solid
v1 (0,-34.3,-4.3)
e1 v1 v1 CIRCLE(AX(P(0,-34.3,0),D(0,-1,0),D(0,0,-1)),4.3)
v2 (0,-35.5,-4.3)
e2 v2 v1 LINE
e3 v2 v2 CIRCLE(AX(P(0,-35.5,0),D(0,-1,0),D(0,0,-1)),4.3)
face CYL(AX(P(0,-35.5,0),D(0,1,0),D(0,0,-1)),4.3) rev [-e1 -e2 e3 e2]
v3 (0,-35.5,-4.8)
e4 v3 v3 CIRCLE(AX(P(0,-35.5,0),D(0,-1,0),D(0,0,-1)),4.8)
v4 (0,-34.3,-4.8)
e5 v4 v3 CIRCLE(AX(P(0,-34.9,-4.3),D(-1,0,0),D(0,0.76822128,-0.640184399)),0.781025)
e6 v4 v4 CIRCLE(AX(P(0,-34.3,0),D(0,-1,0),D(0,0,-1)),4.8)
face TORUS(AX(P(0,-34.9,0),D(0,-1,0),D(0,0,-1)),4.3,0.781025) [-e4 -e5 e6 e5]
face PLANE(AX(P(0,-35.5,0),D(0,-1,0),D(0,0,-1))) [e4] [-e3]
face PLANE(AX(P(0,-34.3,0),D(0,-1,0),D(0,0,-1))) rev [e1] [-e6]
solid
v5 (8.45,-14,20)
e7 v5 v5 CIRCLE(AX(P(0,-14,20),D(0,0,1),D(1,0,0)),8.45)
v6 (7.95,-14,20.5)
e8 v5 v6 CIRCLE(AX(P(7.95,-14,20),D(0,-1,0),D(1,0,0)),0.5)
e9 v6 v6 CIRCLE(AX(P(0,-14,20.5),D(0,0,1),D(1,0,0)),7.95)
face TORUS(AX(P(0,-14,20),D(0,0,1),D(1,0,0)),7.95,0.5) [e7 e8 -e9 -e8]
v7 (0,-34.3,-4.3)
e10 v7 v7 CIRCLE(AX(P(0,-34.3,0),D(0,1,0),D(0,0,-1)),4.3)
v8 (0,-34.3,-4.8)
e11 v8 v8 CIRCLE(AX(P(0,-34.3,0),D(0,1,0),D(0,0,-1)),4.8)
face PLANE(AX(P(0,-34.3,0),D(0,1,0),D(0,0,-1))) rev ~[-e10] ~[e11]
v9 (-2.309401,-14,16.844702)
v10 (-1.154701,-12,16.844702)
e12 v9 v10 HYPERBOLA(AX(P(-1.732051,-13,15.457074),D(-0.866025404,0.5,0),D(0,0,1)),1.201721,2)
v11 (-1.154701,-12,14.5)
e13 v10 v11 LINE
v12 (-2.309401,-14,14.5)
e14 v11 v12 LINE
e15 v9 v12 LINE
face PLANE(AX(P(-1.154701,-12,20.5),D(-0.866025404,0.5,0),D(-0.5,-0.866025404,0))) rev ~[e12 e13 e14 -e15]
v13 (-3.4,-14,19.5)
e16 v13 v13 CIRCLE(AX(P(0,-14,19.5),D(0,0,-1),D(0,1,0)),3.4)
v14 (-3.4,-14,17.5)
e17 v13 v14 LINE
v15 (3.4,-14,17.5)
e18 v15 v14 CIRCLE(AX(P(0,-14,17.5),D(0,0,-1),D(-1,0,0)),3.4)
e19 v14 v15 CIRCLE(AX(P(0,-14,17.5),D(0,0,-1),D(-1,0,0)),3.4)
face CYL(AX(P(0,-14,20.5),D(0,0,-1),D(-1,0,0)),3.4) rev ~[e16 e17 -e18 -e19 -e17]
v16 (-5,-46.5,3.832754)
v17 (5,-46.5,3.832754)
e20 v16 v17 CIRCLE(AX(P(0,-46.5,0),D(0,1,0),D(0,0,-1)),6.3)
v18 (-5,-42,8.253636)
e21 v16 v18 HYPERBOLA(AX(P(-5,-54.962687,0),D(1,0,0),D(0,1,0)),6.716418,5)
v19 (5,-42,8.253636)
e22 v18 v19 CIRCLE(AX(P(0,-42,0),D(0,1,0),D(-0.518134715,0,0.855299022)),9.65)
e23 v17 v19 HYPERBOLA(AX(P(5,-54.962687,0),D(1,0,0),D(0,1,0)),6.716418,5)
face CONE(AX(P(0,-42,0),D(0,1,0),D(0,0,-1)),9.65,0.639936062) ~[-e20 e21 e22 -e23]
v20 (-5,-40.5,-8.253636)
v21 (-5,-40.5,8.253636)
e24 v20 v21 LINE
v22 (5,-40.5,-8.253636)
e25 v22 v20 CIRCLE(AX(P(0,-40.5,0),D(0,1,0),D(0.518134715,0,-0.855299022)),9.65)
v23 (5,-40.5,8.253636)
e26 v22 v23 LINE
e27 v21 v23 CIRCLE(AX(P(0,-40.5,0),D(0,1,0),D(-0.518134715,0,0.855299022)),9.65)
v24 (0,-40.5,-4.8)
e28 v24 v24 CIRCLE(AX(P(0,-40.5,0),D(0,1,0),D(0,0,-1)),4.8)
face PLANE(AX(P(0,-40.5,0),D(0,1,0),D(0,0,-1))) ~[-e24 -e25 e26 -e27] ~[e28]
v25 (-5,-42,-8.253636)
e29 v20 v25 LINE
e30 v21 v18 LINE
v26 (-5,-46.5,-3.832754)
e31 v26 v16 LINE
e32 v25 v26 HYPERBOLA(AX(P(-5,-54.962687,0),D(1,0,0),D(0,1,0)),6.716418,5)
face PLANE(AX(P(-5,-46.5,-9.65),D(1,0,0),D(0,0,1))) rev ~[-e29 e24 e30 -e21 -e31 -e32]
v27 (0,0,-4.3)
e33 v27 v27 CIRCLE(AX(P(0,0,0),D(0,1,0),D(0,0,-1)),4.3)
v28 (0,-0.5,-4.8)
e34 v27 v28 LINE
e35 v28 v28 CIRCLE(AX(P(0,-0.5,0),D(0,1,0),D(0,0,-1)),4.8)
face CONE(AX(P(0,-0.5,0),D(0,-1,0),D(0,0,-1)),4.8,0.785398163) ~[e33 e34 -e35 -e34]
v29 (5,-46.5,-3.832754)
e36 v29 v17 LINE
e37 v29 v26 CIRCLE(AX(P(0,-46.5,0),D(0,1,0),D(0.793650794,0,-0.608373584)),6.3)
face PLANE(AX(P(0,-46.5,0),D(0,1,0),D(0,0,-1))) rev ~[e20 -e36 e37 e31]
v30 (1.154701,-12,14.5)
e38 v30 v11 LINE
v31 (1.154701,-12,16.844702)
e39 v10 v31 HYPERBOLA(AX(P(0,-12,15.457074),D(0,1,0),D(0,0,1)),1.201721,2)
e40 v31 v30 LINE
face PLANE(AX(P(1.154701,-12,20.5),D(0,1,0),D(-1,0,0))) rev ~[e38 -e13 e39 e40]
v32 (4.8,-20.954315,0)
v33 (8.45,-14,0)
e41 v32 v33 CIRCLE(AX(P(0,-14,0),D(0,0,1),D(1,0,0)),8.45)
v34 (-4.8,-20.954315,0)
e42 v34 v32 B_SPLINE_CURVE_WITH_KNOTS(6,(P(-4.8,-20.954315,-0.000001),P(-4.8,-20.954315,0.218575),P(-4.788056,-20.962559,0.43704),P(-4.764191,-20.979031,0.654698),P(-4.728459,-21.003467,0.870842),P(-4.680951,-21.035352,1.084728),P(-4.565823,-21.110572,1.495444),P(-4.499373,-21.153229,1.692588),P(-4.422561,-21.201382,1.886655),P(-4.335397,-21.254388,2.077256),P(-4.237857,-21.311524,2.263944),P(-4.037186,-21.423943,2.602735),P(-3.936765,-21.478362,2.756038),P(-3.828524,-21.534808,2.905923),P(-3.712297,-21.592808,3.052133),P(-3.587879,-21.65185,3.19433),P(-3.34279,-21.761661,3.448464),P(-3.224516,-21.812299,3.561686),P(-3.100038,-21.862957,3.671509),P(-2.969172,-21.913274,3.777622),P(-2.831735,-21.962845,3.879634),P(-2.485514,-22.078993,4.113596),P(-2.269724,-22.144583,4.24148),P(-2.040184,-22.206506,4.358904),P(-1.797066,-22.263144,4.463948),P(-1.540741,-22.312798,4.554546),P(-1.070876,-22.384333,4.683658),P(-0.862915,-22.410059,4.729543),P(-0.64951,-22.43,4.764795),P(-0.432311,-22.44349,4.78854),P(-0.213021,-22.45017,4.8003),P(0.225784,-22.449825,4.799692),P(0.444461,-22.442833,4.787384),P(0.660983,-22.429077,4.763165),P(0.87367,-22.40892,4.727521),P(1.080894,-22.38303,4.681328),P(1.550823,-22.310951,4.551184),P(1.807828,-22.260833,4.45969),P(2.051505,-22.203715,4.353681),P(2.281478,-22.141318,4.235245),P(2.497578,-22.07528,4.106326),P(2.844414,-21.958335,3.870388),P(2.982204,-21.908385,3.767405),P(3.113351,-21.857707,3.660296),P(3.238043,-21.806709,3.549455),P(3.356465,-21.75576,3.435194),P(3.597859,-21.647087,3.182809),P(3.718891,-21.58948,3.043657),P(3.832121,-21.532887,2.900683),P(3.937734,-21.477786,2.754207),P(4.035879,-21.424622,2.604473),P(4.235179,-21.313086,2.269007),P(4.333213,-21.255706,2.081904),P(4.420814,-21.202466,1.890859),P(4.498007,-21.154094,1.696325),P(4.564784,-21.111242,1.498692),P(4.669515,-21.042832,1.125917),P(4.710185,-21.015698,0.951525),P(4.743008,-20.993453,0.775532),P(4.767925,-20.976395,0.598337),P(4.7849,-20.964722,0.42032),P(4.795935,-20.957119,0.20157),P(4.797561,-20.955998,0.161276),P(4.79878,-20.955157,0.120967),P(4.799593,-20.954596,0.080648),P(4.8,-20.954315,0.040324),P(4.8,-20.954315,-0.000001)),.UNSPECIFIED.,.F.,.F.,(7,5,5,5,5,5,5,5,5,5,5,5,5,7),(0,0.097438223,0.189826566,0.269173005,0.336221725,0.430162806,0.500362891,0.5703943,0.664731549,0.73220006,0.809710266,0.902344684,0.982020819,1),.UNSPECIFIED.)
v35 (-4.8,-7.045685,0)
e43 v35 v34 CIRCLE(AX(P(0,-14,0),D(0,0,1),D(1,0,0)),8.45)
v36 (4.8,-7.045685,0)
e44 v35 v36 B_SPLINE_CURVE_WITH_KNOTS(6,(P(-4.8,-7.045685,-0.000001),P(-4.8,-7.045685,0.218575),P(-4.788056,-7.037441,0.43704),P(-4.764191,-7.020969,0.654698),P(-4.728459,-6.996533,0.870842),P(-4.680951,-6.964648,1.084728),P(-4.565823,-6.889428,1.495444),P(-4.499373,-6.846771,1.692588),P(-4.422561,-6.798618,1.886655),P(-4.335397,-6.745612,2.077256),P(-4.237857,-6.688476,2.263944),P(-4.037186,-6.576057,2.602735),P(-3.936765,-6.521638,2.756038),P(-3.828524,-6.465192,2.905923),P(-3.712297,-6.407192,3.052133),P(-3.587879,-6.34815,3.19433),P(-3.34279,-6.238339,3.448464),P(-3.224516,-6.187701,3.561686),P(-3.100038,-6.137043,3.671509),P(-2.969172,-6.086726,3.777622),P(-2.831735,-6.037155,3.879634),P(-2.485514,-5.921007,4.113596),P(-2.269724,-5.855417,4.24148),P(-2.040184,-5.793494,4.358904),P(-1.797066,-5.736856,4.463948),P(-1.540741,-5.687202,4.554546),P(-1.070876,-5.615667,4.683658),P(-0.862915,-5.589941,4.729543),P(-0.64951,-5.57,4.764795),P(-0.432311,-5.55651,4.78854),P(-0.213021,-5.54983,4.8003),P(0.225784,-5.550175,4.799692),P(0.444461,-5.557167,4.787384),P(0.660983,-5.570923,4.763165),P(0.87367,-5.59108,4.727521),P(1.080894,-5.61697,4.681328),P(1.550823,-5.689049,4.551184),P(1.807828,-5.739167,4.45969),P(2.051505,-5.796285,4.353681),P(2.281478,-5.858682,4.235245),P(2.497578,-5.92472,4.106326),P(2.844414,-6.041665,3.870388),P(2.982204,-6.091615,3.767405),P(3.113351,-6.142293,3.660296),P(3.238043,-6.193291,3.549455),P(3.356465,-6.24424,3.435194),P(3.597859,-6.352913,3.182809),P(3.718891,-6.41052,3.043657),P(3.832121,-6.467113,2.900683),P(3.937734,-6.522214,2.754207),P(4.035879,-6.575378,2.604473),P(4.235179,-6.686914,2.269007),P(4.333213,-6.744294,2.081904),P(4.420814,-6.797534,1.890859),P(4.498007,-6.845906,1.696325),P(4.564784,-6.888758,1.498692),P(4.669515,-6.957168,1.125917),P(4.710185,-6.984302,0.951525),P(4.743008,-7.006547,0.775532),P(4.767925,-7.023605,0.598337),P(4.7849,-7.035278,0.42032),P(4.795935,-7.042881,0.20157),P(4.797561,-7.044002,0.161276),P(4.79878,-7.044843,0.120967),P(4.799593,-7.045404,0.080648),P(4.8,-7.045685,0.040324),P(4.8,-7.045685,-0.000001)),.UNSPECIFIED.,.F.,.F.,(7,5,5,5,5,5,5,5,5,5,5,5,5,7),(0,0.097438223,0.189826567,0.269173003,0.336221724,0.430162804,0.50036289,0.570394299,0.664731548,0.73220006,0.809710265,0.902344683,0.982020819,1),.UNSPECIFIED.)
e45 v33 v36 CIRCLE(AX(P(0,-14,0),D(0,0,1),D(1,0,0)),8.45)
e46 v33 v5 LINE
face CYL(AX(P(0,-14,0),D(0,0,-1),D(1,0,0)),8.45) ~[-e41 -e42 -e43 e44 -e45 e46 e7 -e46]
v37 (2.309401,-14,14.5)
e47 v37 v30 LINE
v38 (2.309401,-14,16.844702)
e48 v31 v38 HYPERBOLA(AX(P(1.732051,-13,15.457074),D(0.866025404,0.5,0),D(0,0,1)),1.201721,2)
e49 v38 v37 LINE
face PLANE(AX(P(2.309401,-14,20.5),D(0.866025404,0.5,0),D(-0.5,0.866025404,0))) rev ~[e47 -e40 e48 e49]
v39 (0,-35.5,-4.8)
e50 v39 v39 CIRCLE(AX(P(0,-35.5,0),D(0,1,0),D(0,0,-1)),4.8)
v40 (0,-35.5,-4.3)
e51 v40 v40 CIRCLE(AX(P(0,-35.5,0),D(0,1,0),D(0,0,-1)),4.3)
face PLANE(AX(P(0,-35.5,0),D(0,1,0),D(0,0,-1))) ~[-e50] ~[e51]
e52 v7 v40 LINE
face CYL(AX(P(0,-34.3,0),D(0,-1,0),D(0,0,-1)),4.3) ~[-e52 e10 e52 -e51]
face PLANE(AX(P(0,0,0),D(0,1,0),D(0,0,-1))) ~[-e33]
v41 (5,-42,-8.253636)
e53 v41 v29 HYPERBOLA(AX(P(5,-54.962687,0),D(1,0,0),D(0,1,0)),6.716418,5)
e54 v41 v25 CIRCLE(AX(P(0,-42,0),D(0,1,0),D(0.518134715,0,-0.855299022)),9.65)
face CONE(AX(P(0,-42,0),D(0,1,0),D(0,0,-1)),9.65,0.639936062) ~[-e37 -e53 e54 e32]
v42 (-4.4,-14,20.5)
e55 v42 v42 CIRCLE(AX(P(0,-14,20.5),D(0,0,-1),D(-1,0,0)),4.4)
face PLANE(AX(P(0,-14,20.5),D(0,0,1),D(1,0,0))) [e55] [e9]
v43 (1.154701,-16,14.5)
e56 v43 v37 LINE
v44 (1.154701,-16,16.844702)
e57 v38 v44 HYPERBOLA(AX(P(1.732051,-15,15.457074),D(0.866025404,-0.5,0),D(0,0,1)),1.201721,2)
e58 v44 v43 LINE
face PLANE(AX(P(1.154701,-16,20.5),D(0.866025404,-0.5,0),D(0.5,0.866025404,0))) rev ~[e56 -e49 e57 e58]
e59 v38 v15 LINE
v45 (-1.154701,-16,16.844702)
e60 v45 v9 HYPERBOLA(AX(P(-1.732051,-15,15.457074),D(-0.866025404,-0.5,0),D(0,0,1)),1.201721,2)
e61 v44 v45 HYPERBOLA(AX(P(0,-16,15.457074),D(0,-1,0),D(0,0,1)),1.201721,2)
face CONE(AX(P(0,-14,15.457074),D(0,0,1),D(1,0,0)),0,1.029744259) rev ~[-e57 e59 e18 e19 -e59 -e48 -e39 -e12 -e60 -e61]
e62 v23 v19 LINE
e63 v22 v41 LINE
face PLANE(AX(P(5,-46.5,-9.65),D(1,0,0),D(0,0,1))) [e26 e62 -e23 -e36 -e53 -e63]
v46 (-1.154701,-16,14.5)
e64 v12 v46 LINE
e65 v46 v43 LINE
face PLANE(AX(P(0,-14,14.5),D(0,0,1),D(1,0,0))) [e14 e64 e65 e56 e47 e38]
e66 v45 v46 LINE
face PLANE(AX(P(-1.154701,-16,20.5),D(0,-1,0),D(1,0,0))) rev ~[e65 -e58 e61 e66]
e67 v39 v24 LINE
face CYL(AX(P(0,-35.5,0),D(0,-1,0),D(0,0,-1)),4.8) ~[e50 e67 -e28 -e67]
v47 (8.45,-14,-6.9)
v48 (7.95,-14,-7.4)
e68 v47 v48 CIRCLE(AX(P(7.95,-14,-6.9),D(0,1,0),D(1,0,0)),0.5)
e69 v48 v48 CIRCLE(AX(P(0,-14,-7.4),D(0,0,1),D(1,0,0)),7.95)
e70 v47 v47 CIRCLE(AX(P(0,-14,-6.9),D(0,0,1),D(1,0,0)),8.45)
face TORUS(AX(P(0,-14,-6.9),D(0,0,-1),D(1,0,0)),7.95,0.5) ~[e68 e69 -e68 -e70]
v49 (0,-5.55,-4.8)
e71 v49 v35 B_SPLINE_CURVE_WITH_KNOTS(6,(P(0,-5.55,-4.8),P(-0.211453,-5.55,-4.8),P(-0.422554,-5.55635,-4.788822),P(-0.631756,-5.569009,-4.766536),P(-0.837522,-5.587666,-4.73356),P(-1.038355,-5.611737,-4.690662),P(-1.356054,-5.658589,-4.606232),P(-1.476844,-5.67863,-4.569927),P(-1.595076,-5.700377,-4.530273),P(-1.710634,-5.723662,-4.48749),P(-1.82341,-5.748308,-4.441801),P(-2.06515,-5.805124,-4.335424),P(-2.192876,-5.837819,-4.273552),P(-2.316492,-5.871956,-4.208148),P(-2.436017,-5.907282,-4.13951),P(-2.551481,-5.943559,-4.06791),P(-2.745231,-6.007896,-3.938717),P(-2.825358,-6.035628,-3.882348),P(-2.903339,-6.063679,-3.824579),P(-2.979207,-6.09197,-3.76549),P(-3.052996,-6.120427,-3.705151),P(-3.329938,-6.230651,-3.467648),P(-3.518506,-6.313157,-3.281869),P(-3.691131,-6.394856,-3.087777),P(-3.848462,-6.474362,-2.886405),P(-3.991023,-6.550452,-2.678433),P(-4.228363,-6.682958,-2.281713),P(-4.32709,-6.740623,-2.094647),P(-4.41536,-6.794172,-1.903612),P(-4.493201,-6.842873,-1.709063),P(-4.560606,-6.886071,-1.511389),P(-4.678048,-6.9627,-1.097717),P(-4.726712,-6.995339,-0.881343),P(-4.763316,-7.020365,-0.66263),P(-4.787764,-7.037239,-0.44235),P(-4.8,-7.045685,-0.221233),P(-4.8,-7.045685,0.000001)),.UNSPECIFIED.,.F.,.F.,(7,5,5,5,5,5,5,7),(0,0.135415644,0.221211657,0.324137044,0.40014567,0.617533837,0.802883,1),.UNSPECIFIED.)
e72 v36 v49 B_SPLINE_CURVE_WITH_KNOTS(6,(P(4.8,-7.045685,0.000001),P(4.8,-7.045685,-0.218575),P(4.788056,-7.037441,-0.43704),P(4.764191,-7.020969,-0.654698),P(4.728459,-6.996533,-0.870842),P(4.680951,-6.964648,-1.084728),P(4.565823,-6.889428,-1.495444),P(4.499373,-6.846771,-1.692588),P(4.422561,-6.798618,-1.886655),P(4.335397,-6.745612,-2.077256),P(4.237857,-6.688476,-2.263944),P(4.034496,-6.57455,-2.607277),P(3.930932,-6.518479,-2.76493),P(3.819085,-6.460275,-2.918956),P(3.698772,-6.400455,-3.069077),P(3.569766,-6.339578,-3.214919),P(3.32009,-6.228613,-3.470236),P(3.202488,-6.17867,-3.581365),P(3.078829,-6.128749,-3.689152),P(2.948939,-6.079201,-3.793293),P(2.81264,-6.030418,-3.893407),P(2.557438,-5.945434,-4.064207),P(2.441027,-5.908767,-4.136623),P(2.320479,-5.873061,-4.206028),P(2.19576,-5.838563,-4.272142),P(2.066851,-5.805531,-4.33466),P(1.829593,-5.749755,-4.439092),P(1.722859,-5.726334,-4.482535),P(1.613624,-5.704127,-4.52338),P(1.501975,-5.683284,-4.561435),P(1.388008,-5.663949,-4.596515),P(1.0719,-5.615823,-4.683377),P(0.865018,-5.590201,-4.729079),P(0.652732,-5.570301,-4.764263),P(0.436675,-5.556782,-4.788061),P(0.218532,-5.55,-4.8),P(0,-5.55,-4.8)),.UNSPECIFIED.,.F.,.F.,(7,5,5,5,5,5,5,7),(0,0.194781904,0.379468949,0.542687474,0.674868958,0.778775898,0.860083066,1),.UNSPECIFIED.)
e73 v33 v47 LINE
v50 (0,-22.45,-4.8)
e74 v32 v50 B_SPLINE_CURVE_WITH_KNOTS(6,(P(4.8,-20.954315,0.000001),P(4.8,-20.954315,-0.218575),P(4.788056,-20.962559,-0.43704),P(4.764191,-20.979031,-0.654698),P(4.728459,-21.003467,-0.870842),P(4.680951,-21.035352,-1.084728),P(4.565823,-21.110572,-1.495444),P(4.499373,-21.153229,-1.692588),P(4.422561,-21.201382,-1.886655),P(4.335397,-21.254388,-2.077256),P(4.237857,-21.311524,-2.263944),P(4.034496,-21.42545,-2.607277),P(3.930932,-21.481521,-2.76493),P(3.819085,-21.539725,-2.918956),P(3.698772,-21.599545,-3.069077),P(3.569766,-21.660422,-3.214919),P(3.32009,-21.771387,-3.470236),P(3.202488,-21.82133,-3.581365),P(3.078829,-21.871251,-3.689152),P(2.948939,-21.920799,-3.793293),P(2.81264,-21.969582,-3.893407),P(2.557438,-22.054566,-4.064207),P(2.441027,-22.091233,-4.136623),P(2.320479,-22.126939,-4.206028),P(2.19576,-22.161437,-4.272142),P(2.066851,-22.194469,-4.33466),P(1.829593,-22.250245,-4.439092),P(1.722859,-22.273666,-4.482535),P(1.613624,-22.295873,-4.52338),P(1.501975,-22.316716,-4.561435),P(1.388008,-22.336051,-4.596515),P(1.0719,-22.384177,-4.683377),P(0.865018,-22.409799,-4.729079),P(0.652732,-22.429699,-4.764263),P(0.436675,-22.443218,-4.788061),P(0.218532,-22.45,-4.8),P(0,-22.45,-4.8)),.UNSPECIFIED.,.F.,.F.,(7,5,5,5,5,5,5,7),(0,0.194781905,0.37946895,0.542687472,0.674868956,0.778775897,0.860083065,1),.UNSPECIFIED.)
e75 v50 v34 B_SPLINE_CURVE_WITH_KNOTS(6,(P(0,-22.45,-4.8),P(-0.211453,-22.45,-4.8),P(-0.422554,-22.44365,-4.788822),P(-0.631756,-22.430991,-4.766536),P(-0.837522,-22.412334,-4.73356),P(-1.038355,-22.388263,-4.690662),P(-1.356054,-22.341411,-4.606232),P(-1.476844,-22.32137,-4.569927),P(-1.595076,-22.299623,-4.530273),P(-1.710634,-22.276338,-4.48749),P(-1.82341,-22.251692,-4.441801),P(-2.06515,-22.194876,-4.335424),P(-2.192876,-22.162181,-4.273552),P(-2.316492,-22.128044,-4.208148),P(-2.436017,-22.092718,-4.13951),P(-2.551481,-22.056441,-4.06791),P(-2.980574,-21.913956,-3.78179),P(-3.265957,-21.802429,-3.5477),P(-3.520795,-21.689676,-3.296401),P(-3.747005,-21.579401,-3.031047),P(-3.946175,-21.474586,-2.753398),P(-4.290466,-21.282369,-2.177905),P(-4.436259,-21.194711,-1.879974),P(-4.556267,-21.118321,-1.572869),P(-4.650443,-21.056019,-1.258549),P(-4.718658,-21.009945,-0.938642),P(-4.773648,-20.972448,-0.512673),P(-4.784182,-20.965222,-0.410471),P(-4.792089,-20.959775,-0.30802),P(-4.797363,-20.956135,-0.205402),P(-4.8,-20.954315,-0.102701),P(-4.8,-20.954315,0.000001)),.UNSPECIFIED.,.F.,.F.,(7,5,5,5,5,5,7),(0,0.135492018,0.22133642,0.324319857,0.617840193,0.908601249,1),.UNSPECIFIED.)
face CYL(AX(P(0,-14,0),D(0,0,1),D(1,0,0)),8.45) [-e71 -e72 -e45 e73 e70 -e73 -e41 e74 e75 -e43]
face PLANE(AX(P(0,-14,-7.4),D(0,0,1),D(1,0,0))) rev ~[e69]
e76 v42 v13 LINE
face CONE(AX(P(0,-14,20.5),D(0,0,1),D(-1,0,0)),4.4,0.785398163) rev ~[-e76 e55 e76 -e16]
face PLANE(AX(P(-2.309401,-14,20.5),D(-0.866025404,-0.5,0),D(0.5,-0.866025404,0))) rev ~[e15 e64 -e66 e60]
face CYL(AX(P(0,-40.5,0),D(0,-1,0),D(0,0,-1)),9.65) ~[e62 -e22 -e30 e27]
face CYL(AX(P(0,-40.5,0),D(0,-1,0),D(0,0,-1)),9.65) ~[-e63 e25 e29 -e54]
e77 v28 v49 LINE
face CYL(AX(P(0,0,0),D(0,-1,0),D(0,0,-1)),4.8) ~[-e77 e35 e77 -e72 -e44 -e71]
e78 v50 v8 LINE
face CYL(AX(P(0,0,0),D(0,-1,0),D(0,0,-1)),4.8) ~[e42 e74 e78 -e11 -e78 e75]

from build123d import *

# Parameters (mm, degrees)
SKETCH_6_OUTSIDE_W          = 32.084
SKETCH_6_OUTSIDE_H          = 32.084
SKETCH_6_OUTSIDE_W_2        = 10
SKETCH_6_OUTSIDE_H_2        = 19.3
CUT_EXTRUDE_1_DEPTH         = 6
CHAMFER_1_SIZE              = 0.5
SKETCH_12_R                 = 8.45
EXTRUDE_2_DEPTH             = 20.5
EXTRUDE_2_DEPTH_BACK        = 7.4
HOLE_WIZARD_M81_D           = 6.8
HOLE_WIZARD_M81_DEPTH       = 3
HOLE_WIZARD_M81_CSINK_D     = 8.8
HOLE_WIZARD_M81_CSINK_ANGLE = 90
HOLE_WIZARD_M81_TIP         = 2.042926105
FILLET_1_R                  = 0.5
CUT_EXTRUDE_2_DEPTH         = 6


with BuildPart() as part:
    # Эскиз3 → Повернуть1 (revolve)
    with BuildSketch(Plane.XY, mode=Mode.PRIVATE) as revolve_1_sk:
        Polygon((0, 0), (-4.8, 0), (-4.8, -34.3), (-4.3, -34.3), (-4.3, -35.5), (-4.8, -35.5), (-4.8, -40.5), (-9.65, -40.5), (-9.65, -42), (-6.3, -46.5), (0, -46.5), align=None)
    revolve(revolve_1_sk.sketch.rotate(Axis((0, 0, 0), (0, 1, 0)), 270), axis=Axis((0, 0, 0), (0, 1, 0)))  # turned: the seam where the file's is

    # Эскиз6 outside → Вырез-Вытянуть1 (cut)
    with BuildSketch(Plane.XZ.offset(46.5)):
        Rectangle(SKETCH_6_OUTSIDE_W, SKETCH_6_OUTSIDE_H)
        Rectangle(SKETCH_6_OUTSIDE_W_2, SKETCH_6_OUTSIDE_H_2, mode=Mode.SUBTRACT)
    extrude(amount=-CUT_EXTRUDE_1_DEPTH, mode=Mode.SUBTRACT)

    # Фаска1
    chamfer_1_edges = [part.edges().sort_by_distance(p)[0] for p in [
        (0, 0, 4.8),
    ]]
    chamfer(chamfer_1_edges, length=CHAMFER_1_SIZE)

    # Эскиз12 → Бобышка-Вытянуть2 (add, two sides)
    with BuildSketch(Plane.XY) as extrude_2_sk:
        with Locations((0, -14)):
            Circle(SKETCH_12_R)
    extrude(amount=EXTRUDE_2_DEPTH)
    extrude(extrude_2_sk.sketch, amount=-EXTRUDE_2_DEPTH_BACK)

    # Отверстие обработанное метчиком M81
    with Locations(Plane.XY.offset(20.5)):
        with Locations((0, -14)):
            CounterSinkHole(HOLE_WIZARD_M81_D / 2, HOLE_WIZARD_M81_CSINK_D / 2, depth=HOLE_WIZARD_M81_DEPTH, counter_sink_angle=HOLE_WIZARD_M81_CSINK_ANGLE)
            with Locations((0, 0, -(HOLE_WIZARD_M81_DEPTH + HOLE_WIZARD_M81_TIP / 2))):  # 118° drill point
                Cone(0, HOLE_WIZARD_M81_D / 2, HOLE_WIZARD_M81_TIP, mode=Mode.SUBTRACT)

    # Скругление1
    fillet_1_edges = [part.edges().sort_by_distance(p)[0] for p in [
        (-8.45, -14, -7.4),
        (-8.45, -14, 20.5),
    ]]
    fillet(fillet_1_edges, radius=FILLET_1_R)

    # Эскиз15 → Вырез-Вытянуть2 (cut)
    with BuildSketch(Plane.XY.offset(20.5)):
        Polygon((2.309401077, -14), (1.154700538, -12), (-1.154700538, -12), (-2.309401077, -14), (-1.154700538, -16), (1.154700538, -16), align=None)
    extrude(amount=-CUT_EXTRUDE_2_DEPTH, mode=Mode.SUBTRACT)


with BuildPart() as body_2:
    # Эскиз16 → Повернуть2 (revolve)
    with BuildSketch(Plane.XY, mode=Mode.PRIVATE) as revolve_2_sk:
        with BuildLine():
            Line((-4.3, -34.3), (-4.8, -34.3))
            ThreePointArc((-4.8, -34.3), (-5.081024968, -34.9), (-4.8, -35.5))
            Line((-4.8, -35.5), (-4.3, -35.5))
            Line((-4.3, -35.5), (-4.3, -34.3))
        make_face()
    revolve(revolve_2_sk.sketch.rotate(Axis((0, -34.3, 0), (0, -1, 0)), 90), axis=Axis((0, -34.3, 0), (0, -1, 0)))  # turned: the seam where the file's is


solid = Compound([part.part, body_2.part])
